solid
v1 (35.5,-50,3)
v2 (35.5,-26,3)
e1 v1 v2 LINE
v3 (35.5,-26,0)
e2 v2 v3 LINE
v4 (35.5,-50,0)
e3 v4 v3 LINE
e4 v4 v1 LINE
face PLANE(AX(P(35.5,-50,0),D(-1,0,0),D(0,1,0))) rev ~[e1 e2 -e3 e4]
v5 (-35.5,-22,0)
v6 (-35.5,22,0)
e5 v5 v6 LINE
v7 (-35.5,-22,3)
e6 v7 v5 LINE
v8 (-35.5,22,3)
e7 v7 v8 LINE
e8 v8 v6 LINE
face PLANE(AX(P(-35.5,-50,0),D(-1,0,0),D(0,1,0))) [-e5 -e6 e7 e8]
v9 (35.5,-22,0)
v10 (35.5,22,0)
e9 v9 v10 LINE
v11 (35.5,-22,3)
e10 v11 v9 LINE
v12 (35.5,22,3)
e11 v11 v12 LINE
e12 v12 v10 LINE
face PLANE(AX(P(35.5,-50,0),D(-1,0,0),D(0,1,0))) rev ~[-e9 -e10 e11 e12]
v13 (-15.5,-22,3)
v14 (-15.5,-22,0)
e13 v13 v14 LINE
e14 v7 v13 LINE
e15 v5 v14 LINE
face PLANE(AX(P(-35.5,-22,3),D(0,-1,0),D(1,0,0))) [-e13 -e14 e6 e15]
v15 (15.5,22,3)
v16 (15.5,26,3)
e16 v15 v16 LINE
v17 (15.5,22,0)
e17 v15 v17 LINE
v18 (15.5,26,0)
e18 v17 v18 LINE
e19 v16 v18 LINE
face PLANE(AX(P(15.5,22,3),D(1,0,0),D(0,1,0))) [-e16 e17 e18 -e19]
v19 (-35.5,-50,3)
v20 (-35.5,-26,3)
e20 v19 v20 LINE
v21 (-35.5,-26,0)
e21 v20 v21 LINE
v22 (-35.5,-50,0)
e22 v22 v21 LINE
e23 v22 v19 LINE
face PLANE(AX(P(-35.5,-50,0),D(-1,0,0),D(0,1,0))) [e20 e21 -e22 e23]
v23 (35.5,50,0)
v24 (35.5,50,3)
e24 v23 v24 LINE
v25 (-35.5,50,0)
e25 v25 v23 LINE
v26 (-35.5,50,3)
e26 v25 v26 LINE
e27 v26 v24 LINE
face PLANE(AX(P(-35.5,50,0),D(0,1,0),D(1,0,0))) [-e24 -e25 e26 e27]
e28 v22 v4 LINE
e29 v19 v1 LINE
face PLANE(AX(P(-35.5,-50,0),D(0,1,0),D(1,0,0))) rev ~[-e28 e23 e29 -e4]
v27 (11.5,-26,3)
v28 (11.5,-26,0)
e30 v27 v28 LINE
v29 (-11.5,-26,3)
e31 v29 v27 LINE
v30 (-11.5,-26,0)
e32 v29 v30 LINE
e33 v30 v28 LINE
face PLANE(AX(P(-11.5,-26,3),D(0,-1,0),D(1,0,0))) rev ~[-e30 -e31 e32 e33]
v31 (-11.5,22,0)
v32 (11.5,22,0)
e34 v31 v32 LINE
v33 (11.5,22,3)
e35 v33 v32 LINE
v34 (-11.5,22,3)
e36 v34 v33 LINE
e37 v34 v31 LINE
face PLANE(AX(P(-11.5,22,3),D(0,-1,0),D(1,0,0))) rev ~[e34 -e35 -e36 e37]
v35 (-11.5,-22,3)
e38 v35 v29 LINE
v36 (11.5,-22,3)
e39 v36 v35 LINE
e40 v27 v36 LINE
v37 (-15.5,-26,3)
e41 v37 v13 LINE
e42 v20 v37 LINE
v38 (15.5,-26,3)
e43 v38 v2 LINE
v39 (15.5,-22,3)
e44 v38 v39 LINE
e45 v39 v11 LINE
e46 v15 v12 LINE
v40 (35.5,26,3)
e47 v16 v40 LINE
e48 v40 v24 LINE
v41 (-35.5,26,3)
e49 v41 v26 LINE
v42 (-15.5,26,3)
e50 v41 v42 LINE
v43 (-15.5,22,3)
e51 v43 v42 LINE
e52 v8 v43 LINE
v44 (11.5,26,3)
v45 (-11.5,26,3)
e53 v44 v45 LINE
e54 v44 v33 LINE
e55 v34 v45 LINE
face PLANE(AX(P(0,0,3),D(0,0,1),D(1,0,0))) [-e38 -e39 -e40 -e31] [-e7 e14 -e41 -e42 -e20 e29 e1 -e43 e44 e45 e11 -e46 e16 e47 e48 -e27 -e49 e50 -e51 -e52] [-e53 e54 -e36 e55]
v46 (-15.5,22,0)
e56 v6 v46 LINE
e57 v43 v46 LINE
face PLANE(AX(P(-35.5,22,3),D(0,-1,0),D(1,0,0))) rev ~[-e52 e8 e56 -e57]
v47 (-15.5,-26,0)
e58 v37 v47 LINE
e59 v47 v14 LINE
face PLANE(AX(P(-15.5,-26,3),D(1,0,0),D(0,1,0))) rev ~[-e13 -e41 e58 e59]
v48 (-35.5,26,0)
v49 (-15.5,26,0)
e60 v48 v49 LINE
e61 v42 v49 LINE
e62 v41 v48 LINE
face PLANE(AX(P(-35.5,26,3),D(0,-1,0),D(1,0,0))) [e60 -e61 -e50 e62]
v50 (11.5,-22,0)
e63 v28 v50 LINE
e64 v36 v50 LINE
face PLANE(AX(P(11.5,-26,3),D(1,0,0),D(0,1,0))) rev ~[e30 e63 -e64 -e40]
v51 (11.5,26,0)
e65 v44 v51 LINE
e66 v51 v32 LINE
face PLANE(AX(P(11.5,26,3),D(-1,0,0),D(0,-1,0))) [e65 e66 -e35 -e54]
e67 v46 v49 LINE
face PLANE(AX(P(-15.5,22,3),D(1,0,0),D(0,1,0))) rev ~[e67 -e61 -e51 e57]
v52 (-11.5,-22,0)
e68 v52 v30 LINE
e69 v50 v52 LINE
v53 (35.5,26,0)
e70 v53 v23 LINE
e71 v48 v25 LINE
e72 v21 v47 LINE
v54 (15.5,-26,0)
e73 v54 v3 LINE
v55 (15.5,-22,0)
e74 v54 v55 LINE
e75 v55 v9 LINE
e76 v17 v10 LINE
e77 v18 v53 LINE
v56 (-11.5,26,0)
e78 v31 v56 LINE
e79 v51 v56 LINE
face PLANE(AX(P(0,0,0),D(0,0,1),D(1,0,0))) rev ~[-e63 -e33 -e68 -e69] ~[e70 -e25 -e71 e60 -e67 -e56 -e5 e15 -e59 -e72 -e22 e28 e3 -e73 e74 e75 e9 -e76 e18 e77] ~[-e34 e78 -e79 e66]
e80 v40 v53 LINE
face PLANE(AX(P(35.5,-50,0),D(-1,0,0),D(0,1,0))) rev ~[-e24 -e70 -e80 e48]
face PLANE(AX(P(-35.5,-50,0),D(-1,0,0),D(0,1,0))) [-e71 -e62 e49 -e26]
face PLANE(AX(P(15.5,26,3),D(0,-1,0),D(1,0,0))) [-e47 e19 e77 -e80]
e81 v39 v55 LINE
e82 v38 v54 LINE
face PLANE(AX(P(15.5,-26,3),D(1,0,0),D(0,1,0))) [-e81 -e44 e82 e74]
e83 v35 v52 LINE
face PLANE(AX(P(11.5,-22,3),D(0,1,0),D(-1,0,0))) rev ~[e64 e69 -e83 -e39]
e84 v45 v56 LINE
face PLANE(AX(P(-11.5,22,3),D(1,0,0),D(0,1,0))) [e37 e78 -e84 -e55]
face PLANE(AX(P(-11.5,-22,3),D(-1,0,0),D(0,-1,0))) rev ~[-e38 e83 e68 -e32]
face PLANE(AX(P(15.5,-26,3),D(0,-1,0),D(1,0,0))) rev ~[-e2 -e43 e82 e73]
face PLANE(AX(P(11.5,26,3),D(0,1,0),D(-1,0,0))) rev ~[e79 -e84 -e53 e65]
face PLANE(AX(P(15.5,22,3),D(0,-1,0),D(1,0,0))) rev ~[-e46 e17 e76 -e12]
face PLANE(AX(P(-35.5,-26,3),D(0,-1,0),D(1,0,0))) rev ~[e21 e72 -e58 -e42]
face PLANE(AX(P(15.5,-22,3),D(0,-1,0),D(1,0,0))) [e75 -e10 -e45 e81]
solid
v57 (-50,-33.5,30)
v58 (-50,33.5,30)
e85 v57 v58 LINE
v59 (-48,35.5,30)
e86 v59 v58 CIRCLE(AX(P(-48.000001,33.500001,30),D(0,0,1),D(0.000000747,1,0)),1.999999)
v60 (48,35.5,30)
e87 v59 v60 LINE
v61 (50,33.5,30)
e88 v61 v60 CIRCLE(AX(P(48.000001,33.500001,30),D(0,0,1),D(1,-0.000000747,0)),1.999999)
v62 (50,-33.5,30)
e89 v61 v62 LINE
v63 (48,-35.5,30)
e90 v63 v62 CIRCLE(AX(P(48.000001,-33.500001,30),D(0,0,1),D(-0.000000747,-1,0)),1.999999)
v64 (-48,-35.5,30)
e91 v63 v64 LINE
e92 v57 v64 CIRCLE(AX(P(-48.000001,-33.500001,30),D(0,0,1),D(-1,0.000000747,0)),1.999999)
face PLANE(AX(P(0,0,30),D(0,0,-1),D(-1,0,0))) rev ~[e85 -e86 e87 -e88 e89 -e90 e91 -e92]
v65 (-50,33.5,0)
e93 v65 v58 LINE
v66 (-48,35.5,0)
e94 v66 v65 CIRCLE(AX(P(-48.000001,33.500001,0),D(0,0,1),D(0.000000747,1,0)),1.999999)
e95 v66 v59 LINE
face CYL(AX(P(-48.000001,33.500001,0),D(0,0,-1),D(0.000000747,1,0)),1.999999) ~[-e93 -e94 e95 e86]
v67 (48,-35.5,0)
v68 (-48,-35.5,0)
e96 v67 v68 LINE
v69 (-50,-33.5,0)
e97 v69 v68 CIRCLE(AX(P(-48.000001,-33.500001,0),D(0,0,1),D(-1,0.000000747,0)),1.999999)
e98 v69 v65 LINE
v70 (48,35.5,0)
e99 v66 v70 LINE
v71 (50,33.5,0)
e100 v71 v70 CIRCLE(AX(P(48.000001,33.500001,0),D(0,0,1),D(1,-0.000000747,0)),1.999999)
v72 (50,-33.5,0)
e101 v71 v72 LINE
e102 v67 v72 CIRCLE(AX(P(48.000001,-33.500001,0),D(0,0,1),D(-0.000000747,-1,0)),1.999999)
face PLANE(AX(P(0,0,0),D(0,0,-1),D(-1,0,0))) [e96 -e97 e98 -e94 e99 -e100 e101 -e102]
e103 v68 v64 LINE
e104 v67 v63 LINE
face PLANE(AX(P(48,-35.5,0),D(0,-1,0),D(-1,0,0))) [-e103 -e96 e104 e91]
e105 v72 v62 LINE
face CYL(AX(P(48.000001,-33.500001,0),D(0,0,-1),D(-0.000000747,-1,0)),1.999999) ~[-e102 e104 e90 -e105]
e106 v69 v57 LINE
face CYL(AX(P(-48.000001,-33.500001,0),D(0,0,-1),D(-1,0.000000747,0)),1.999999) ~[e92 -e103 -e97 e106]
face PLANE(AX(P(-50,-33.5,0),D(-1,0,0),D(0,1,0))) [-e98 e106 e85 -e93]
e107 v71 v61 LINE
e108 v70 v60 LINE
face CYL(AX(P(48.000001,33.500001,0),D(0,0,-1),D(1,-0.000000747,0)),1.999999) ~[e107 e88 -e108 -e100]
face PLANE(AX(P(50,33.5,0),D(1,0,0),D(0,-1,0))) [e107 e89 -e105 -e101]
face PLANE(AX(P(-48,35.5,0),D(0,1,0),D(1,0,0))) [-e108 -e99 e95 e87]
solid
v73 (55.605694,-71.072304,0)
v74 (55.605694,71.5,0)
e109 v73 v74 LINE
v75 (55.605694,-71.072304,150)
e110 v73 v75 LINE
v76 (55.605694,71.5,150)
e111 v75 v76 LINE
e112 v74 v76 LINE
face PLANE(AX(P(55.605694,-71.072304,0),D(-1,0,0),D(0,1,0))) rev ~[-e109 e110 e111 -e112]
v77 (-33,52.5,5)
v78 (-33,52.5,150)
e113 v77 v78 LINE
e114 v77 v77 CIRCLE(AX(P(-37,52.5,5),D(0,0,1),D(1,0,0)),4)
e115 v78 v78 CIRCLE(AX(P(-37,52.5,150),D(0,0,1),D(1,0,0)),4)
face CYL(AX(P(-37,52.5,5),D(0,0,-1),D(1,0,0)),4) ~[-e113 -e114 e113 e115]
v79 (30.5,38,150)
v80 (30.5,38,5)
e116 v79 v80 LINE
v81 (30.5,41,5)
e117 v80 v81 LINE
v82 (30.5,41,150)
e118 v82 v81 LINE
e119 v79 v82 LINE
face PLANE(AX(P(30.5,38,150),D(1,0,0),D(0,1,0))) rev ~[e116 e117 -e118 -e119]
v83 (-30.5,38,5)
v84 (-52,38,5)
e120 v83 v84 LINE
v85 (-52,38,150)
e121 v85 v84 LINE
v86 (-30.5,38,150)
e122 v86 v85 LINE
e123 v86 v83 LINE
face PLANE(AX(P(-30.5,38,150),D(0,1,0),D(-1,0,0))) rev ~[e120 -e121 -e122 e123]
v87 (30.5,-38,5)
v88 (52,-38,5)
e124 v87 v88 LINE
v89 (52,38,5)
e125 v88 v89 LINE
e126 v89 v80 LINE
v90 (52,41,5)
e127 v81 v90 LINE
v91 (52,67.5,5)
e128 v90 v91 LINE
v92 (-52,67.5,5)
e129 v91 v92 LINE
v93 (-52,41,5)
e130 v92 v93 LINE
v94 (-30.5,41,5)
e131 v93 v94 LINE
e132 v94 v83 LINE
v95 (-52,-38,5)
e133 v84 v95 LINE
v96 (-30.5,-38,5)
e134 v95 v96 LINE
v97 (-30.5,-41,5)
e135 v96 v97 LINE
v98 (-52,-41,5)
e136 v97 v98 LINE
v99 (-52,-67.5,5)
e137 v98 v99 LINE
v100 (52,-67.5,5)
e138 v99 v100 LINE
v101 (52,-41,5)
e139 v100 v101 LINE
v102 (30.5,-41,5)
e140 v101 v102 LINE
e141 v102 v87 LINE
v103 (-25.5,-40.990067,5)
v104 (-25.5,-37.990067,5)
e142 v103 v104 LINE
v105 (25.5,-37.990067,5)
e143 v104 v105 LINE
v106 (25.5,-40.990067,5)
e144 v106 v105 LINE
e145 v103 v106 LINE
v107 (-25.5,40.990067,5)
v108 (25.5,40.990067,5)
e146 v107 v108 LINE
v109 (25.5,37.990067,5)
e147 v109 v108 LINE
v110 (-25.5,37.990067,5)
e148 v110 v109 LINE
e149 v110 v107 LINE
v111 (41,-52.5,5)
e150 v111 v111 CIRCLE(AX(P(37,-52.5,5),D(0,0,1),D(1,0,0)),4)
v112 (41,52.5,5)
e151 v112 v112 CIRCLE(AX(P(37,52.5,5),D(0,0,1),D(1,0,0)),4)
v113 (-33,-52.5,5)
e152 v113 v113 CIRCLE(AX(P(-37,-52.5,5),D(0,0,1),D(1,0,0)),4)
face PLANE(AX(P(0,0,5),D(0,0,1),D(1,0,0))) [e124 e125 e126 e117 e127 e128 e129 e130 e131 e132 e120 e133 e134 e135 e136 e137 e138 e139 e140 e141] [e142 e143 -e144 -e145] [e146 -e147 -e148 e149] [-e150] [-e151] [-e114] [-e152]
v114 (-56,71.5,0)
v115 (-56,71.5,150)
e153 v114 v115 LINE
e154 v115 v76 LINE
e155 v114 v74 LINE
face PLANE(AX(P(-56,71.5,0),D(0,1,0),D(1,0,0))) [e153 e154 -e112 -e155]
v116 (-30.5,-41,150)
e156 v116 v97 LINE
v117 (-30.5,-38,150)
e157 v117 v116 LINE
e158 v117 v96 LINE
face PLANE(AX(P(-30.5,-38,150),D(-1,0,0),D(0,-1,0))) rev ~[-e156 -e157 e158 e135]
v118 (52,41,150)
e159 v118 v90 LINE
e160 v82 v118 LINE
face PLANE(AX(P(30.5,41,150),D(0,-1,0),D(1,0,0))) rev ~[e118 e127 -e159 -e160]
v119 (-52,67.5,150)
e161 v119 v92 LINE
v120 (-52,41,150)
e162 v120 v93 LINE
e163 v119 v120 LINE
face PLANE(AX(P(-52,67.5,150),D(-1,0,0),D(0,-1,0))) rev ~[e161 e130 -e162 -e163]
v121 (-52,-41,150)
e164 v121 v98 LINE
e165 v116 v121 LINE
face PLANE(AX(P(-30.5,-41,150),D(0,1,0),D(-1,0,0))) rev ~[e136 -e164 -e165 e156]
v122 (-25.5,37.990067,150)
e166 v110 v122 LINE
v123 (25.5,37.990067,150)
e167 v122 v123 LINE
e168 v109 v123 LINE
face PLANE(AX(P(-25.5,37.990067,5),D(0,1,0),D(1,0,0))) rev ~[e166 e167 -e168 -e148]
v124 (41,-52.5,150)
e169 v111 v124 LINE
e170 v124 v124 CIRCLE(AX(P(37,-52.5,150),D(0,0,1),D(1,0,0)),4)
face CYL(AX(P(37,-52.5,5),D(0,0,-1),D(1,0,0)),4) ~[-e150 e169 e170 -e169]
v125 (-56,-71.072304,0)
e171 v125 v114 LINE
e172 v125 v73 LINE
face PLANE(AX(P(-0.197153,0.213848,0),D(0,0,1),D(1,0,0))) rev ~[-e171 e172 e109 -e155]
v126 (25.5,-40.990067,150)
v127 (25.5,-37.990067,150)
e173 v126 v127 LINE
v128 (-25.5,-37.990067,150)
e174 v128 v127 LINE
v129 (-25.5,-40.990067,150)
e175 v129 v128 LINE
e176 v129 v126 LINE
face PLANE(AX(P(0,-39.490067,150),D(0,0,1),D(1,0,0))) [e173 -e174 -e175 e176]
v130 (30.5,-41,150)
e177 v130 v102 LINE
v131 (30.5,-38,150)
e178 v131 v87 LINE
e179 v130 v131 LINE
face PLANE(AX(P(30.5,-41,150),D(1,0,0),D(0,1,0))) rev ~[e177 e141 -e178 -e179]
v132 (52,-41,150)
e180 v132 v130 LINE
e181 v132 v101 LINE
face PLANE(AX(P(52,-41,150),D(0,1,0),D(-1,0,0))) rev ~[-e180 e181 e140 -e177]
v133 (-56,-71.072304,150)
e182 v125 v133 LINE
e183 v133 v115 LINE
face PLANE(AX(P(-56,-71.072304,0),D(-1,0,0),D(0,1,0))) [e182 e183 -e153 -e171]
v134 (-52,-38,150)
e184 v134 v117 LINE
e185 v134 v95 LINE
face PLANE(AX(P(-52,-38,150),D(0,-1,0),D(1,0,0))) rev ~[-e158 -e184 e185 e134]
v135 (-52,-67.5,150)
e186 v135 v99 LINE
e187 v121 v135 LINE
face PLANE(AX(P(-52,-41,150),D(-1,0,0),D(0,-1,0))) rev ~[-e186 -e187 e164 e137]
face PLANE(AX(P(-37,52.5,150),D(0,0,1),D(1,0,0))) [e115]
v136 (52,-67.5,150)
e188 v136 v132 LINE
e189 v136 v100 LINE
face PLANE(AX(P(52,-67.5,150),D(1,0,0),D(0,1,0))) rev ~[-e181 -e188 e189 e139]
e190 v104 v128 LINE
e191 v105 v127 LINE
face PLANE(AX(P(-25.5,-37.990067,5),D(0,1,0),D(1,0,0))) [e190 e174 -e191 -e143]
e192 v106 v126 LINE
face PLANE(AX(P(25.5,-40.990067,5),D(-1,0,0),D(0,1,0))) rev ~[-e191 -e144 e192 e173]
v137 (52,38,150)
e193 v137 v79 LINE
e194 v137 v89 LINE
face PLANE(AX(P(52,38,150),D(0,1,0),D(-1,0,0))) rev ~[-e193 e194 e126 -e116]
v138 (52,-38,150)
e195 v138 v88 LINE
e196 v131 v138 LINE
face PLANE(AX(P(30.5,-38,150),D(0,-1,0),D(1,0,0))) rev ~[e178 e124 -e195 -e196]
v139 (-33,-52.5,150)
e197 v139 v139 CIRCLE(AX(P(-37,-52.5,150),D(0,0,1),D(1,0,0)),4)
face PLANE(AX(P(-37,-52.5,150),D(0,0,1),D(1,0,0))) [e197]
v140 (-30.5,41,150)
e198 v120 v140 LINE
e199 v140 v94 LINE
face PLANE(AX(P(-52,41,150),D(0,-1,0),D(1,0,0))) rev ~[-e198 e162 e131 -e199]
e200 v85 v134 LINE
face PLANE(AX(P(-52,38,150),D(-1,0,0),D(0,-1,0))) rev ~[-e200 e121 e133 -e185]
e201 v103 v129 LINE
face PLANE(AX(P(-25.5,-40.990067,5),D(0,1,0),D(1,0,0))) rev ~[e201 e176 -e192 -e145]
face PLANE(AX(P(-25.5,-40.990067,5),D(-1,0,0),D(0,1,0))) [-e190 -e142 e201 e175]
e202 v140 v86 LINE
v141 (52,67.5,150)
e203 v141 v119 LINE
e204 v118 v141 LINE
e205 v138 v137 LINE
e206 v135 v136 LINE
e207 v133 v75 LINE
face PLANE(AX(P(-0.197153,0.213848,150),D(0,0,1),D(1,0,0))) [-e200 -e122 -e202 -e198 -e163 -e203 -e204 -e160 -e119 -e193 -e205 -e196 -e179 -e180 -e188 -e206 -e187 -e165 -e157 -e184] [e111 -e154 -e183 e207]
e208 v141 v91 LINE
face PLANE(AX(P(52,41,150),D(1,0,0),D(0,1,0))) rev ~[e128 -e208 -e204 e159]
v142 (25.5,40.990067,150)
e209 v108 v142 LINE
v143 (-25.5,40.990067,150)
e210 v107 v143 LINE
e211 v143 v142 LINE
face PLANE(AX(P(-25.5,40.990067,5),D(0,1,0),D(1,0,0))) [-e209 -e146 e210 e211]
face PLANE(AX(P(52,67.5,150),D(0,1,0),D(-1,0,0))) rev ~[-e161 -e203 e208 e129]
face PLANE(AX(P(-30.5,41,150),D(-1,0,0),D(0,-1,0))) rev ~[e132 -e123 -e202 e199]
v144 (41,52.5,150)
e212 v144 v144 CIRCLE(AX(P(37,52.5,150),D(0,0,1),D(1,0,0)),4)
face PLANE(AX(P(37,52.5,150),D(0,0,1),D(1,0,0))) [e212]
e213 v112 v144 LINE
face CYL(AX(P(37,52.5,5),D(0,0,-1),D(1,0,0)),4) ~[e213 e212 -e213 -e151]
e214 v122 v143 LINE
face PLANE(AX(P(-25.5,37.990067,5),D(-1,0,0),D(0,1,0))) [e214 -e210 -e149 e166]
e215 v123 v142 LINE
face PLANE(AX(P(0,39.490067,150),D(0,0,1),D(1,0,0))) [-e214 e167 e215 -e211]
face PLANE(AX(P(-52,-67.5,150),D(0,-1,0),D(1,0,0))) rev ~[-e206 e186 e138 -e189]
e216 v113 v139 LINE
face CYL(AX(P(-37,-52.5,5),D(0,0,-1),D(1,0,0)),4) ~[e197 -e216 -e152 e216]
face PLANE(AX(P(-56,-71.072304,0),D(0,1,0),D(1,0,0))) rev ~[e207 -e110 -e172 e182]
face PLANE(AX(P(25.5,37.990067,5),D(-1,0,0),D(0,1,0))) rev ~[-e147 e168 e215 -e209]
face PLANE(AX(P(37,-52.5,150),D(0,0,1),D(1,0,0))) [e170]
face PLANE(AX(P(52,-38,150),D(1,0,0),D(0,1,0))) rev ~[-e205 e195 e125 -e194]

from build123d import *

# Parameters (mm, degrees)
SKETCH006_W     = 111.605694
SKETCH006_H     = 142.572304
PAD001_DEPTH    = 150
POCKET_DEPTH    = 145
SKETCH005_W     = 51
SKETCH005_H     = 3
PAD002_DEPTH    = 145
SKETCH004_R     = 4
PAD003_DEPTH    = 145
PAD_DEPTH       = 30
SKETCH008_W     = 71
SKETCH008_H     = 100
PAD004_DEPTH    = 3
SKETCH009_W     = 20
SKETCH009_H     = 4
POCKET001_DEPTH = 3.001


with BuildPart() as deck:
    # Sketch006 → Pad001 (new body)
    with BuildSketch(Plane.XY):
        with Locations((-0.197153, 0.213848)):
            Rectangle(SKETCH006_W, SKETCH006_H)
    extrude(amount=PAD001_DEPTH)

    # Sketch007 (on Face6 of Pad001) → Pocket (cut)
    with BuildSketch(Plane.XY.offset(150)):
        Polygon((-52, 67.5), (-52, 41), (-30.5, 41), (-30.5, 38), (-52, 38), (-52, -38), (-30.5, -38), (-30.5, -41), (-52, -41), (-52, -67.5), (52, -67.5), (52, -41), (30.5, -41), (30.5, -38), (52, -38), (52, 38), (30.5, 38), (30.5, 41), (52, 41), (52, 67.5), align=None)
    extrude(amount=-POCKET_DEPTH, mode=Mode.SUBTRACT)

    # Sketch005 (on Face27 of Pocket) → Pad002 (join)
    with BuildSketch(Plane.XY.offset(5)):
        with Locations((0, 39.490067)):
            Rectangle(SKETCH005_W, SKETCH005_H)
        with Locations((0, -39.490067)):
            Rectangle(SKETCH005_W, SKETCH005_H)
    extrude(amount=PAD002_DEPTH)

    # Sketch004 (on Face27 of Pad002) → Pad003 (join)
    with BuildSketch(Plane.XY.offset(5)):
        with Locations((-37, -52.5)):
            Circle(SKETCH004_R)
        with Locations((37, -52.5)):
            Circle(SKETCH004_R)
        with Locations((-37, 52.5)):
            Circle(SKETCH004_R)
        with Locations((37, 52.5)):
            Circle(SKETCH004_R)
    extrude(amount=PAD003_DEPTH)


with BuildPart() as card:
    # Sketch001 → Pad (new body)
    with BuildSketch(Plane.XY):
        with BuildLine():
            Line((-48, 35.5), (48, 35.5))
            ThreePointArc((50, 33.5), (49.414214, 34.914214), (48, 35.5))
            Line((50, 33.5), (50, -33.5))
            ThreePointArc((48, -35.5), (49.414214, -34.914214), (50, -33.5))
            Line((48, -35.5), (-48, -35.5))
            ThreePointArc((-50, -33.5), (-49.414214, -34.914214), (-48, -35.5))
            Line((-50, -33.5), (-50, 33.5))
            ThreePointArc((-48, 35.5), (-49.414214, 34.914214), (-50, 33.5))
        make_face()
    extrude(amount=PAD_DEPTH)


with BuildPart() as body002:
    # Sketch008 → Pad004 (new body)
    with BuildSketch(Plane.XY):
        Rectangle(SKETCH008_W, SKETCH008_H)
    extrude(amount=PAD004_DEPTH)

    # Sketch009 (on Face6 of Pad004) → Pocket001 (cut, through all)
    with BuildSketch(Plane.XY.offset(3)):
        with Locations((-25.5, 24)):
            Rectangle(SKETCH009_W, SKETCH009_H)
        Polygon((-11.5, 26), (0, 26), (11.5, 26), (11.5, 22), (0, 22), (-11.5, 22), align=None)
        with Locations((25.5, 24)):
            Rectangle(SKETCH009_W, SKETCH009_H)
        with Locations((-25.5, -24)):
            Rectangle(SKETCH009_W, SKETCH009_H)
        Polygon((-11.5, -26), (0, -26), (11.5, -26), (11.5, -22), (0, -22), (-11.5, -22), align=None)
        with Locations((25.5, -24)):
            Rectangle(SKETCH009_W, SKETCH009_H)
    extrude(amount=-POCKET001_DEPTH, mode=Mode.SUBTRACT)


solid = Compound([deck.part, card.part, body002.part])
